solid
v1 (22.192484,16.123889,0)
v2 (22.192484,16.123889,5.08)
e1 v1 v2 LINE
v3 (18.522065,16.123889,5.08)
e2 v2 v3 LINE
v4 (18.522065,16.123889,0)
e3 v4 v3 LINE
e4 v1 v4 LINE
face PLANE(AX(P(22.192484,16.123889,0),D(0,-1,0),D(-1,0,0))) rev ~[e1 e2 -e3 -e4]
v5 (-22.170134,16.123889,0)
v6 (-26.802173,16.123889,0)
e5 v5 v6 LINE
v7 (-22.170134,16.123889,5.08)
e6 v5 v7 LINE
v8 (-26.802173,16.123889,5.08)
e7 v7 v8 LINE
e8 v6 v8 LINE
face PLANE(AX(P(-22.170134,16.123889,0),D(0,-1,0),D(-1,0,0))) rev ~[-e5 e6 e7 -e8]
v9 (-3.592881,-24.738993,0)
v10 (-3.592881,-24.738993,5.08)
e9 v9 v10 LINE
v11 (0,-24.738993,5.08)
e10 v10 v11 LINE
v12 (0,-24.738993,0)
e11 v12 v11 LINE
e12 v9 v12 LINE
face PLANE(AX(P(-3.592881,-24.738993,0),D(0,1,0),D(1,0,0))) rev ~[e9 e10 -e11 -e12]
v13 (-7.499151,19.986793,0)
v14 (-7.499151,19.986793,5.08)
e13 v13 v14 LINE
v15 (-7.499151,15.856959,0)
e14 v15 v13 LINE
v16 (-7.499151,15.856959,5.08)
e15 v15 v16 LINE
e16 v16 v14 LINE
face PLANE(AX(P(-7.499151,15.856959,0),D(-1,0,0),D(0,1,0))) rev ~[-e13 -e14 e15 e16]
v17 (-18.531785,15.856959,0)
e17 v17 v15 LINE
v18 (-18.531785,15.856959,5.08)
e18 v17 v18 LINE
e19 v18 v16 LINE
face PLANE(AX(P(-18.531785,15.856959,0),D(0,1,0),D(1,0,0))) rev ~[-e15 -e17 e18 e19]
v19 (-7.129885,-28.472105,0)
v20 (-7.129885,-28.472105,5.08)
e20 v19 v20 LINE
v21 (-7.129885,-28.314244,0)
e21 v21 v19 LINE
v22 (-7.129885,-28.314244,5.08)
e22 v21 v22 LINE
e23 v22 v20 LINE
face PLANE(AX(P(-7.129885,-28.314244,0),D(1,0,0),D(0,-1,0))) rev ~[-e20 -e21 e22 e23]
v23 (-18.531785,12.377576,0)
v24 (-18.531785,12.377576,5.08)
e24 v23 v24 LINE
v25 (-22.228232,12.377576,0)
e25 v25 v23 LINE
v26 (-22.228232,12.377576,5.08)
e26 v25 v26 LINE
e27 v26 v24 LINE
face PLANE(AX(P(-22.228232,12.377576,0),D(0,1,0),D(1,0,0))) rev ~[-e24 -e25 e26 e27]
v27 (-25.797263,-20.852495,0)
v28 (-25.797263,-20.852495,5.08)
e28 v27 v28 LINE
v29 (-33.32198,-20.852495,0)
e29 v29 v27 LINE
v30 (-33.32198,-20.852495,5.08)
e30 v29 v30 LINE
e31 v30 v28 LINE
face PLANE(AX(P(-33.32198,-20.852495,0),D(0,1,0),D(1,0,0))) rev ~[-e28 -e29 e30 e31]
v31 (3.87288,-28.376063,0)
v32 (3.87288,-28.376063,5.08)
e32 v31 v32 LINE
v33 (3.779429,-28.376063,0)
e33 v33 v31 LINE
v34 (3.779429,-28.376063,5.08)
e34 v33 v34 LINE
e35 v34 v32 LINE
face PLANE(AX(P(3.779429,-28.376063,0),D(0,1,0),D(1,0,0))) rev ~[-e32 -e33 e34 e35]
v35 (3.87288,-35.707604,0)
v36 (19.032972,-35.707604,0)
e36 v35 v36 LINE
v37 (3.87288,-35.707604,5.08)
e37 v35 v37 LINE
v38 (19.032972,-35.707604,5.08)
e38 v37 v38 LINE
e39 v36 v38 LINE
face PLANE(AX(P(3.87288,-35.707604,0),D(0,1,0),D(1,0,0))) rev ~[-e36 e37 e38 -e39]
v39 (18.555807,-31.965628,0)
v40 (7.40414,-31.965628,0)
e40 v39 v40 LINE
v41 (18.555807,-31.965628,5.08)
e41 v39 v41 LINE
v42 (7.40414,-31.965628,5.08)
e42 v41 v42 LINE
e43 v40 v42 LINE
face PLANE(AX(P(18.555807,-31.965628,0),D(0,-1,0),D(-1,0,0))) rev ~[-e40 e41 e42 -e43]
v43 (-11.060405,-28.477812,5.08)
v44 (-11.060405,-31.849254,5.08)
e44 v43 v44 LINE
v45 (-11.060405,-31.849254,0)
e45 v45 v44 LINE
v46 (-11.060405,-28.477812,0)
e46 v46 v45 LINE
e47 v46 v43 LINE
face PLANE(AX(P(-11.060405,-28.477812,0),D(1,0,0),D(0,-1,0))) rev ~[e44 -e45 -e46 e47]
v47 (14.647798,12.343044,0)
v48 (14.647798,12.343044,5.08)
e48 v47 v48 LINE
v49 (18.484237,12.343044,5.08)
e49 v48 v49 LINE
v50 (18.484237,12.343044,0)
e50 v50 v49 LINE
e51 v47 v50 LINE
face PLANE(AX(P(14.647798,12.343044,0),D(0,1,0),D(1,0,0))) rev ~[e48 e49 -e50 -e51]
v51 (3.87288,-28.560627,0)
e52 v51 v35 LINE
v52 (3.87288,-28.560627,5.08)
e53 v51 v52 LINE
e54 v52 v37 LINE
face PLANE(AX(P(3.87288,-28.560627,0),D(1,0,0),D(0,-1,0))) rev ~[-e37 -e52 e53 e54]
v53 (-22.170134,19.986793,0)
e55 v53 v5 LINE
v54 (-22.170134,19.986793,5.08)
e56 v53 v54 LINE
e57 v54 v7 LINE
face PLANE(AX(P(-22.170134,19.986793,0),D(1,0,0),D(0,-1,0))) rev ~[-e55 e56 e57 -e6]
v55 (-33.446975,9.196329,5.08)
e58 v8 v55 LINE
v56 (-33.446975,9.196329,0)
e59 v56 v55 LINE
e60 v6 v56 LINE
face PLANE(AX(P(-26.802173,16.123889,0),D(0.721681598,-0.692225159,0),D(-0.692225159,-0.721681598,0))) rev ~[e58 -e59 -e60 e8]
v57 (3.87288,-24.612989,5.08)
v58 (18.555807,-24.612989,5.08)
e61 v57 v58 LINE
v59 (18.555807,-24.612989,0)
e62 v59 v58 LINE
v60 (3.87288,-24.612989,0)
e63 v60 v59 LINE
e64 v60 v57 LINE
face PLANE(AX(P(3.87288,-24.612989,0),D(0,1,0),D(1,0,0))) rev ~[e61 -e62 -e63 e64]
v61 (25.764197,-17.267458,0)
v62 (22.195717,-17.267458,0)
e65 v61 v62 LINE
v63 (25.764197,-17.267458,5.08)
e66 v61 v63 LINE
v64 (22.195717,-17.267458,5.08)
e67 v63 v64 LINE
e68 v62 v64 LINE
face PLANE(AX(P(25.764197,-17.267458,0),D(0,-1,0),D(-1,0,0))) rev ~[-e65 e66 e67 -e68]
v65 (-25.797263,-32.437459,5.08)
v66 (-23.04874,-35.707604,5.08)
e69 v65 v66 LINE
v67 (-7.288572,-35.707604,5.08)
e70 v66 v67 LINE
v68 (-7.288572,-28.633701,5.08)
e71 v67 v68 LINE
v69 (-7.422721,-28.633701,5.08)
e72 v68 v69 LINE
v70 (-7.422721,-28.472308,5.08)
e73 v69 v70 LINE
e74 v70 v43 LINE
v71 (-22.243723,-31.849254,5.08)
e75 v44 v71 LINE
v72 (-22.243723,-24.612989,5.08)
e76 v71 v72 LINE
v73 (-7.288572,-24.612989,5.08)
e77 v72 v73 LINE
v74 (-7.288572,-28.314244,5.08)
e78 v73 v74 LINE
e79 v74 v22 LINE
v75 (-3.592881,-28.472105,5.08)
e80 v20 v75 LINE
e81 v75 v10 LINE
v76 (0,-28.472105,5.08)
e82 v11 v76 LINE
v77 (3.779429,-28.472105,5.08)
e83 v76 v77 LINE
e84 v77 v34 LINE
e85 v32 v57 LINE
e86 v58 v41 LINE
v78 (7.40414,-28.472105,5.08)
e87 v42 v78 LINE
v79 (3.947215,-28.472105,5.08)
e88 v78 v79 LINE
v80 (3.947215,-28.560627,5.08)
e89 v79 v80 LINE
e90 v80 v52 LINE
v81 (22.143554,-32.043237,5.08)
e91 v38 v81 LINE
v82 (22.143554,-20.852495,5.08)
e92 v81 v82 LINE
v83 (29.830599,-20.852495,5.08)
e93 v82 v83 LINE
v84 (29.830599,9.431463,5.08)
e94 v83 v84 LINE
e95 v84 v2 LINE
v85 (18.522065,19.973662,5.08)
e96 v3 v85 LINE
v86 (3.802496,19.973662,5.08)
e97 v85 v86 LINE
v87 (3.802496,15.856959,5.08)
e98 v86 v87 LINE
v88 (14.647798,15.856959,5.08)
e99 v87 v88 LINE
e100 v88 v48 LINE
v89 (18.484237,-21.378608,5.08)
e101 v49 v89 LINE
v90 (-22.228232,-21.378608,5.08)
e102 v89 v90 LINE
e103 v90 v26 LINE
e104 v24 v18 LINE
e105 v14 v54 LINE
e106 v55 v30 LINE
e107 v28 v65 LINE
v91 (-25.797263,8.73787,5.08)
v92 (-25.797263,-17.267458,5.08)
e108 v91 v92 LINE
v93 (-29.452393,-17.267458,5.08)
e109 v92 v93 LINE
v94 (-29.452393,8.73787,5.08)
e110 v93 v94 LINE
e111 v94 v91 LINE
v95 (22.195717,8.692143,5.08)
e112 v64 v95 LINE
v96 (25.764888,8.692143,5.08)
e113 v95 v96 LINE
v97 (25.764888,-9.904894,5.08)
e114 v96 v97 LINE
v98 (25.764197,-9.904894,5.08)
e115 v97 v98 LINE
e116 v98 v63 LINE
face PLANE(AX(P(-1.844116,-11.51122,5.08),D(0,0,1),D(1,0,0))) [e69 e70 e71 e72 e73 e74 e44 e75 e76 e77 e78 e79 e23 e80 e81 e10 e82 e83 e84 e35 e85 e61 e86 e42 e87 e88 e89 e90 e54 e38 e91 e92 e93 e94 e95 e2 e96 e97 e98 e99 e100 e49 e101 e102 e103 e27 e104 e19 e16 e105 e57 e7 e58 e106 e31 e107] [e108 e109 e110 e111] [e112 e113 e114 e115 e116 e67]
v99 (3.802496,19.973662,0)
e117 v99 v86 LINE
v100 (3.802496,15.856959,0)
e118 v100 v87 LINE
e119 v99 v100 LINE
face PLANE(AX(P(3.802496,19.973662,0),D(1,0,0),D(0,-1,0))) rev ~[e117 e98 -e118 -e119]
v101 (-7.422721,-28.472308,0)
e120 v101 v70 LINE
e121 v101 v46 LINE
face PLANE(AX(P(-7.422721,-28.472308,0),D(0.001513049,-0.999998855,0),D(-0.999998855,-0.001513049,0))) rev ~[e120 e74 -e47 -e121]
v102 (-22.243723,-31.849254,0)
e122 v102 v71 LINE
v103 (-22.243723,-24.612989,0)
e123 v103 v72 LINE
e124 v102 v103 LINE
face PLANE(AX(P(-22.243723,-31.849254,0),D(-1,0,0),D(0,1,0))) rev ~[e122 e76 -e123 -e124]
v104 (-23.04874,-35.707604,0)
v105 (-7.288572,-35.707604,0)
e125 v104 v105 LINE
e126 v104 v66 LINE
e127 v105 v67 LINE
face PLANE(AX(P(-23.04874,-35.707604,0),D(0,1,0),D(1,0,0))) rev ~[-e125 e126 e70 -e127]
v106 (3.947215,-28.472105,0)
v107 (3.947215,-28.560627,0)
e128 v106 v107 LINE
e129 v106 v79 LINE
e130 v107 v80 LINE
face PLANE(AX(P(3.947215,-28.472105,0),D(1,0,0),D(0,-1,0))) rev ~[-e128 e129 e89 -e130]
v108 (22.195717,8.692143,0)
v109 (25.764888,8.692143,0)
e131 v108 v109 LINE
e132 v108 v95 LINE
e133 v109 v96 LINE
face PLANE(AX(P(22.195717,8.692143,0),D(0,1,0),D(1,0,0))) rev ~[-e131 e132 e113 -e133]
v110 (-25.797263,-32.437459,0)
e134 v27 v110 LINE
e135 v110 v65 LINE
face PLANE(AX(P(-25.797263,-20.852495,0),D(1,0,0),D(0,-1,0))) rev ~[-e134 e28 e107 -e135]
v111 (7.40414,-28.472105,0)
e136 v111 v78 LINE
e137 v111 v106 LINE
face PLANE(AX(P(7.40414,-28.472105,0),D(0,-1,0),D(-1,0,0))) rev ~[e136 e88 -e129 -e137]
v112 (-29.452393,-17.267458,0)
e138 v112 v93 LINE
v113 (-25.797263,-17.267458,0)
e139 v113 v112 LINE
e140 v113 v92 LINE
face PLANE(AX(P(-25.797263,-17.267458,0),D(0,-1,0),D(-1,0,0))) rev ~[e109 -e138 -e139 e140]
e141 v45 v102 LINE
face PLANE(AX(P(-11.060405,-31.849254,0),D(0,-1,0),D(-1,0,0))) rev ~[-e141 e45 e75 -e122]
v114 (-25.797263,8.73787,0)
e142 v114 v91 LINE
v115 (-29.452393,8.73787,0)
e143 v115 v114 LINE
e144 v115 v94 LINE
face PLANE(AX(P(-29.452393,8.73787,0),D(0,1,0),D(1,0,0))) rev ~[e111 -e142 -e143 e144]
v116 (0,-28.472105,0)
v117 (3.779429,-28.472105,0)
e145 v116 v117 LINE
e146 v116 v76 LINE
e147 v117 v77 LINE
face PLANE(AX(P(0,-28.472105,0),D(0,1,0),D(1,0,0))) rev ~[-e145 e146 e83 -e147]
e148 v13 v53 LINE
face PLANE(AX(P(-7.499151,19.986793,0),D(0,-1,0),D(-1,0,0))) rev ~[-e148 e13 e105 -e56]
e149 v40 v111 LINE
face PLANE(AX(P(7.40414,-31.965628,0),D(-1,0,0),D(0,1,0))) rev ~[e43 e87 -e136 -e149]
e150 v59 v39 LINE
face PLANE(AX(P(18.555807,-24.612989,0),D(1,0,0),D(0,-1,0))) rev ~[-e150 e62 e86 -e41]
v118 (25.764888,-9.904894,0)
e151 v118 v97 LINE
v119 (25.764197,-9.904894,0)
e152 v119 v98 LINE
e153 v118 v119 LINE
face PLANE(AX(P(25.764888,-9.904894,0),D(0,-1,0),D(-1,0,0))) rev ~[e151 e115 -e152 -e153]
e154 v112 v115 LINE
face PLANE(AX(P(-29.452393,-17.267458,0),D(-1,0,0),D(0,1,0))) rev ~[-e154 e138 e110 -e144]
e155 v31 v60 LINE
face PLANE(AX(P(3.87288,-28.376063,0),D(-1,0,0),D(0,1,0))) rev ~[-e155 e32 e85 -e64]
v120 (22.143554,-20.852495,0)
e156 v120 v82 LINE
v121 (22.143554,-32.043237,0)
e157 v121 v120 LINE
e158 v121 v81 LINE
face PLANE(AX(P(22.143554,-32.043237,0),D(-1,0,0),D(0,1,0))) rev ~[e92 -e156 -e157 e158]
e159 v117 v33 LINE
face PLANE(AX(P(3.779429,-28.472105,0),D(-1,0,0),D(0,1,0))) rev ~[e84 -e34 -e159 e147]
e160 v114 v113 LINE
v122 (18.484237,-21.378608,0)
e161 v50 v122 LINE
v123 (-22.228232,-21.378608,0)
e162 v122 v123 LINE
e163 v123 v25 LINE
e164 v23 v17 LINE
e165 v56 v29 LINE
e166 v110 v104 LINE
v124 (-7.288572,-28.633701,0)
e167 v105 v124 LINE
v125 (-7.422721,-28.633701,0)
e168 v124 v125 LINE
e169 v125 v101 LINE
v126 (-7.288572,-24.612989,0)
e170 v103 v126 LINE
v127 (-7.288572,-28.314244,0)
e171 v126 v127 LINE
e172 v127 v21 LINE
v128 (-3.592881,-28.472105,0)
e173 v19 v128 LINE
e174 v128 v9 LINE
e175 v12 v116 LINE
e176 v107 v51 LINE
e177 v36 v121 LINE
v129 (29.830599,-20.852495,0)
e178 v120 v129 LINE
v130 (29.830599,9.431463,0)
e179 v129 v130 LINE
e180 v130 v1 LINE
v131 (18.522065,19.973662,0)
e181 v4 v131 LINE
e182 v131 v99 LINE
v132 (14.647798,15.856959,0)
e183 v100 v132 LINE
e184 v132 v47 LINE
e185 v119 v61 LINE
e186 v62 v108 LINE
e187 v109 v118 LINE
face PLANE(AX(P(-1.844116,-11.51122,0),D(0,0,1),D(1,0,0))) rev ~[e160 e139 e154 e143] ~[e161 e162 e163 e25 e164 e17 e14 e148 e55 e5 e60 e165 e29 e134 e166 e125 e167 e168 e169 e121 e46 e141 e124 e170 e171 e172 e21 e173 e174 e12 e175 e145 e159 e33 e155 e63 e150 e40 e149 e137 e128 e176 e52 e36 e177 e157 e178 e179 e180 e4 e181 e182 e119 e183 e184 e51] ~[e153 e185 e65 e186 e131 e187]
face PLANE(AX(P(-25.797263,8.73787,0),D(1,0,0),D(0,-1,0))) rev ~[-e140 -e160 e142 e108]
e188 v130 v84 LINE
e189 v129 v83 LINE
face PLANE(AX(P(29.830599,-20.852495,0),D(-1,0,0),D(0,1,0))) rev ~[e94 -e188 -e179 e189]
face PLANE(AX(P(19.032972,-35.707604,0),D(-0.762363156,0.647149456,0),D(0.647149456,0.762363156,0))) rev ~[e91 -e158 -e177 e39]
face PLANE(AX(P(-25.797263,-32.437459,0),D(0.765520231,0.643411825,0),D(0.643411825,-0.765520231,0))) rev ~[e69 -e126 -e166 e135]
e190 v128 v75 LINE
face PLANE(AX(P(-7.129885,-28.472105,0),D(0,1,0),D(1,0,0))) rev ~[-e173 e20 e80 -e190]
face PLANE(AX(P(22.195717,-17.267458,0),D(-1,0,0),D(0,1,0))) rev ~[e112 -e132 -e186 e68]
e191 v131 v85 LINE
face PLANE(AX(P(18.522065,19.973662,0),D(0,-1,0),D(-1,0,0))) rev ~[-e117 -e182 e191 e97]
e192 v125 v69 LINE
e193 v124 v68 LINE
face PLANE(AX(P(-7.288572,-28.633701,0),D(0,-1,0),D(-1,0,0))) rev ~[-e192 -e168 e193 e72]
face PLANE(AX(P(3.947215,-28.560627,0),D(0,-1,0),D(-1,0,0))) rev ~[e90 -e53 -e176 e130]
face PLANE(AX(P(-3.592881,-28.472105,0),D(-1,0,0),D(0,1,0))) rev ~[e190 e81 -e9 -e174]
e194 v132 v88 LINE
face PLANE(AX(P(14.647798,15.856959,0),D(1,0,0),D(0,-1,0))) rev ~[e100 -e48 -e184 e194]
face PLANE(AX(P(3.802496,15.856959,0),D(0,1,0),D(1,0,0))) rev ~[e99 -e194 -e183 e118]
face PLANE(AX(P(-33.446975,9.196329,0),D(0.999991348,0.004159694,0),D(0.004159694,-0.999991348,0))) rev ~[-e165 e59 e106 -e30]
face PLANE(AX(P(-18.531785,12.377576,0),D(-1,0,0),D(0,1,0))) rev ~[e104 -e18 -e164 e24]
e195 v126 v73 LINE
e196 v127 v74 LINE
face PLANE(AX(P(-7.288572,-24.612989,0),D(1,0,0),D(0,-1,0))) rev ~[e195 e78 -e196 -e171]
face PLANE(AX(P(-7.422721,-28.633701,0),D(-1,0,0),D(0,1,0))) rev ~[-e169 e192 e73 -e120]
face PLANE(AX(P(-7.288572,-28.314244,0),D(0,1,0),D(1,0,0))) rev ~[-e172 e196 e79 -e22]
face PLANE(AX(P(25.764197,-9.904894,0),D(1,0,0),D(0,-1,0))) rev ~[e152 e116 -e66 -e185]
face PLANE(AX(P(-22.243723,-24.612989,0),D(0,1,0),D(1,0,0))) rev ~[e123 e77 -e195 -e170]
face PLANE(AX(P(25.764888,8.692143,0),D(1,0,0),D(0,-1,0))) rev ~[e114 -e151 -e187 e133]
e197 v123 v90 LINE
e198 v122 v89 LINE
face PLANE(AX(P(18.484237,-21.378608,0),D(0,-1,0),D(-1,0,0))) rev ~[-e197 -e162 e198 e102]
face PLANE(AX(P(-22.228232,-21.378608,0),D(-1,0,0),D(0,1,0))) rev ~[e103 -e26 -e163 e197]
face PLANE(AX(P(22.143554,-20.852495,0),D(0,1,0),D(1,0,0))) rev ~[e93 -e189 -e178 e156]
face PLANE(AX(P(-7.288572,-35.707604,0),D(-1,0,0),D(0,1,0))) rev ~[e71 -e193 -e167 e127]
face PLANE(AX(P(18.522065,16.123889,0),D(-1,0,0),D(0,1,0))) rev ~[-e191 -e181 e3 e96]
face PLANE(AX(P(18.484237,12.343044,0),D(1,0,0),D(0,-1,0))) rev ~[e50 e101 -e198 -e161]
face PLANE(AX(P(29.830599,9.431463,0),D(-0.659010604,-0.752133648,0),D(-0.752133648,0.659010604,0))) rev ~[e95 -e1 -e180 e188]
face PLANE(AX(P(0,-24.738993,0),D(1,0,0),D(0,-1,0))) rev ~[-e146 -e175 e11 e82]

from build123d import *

# Parameters (mm, degrees)
F1_DEPTH = 5.08


with BuildPart() as f1:
    # F0 (on Top) → F1 (new body)
    with BuildSketch(Plane.XY):
        Polygon((-26.802173, 16.123889), (-33.446975, 9.196329), (-33.32198, -20.852495), (-25.797263, -20.852495), (-25.797263, -32.437459), (-23.04874, -35.707604), (-7.288572, -35.707604), (-7.288572, -28.633701), (-7.422721, -28.633701), (-7.422721, -28.472308), (-11.060405, -28.477812), (-11.060405, -31.849254), (-22.243723, -31.849254), (-22.243723, -24.612989), (-7.288572, -24.612989), (-7.288572, -28.314244), (-7.129885, -28.314244), (-7.129885, -28.472105), (-3.592881, -28.472105), (-3.592881, -24.738993), (0, -24.738993), (0, -28.472105), (3.779429, -28.472105), (3.779429, -28.376063), (3.87288, -28.376063), (3.87288, -24.612989), (18.555807, -24.612989), (18.555807, -31.965628), (7.40414, -31.965628), (7.40414, -28.472105), (3.947215, -28.472105), (3.947215, -28.560627), (3.87288, -28.560627), (3.87288, -35.707604), (19.032972, -35.707604), (22.143554, -32.043237), (22.143554, -20.852495), (29.830599, -20.852495), (29.830599, 9.431463), (22.192484, 16.123889), (18.522065, 16.123889), (18.522065, 19.973662), (3.802496, 19.973662), (3.802496, 15.856959), (14.647798, 15.856959), (14.647798, 12.343044), (18.484237, 12.343044), (18.484237, -21.378608), (-22.228232, -21.378608), (-22.228232, 12.377576), (-18.531785, 12.377576), (-18.531785, 15.856959), (-7.499151, 15.856959), (-7.499151, 19.986793), (-22.170134, 19.986793), (-22.170134, 16.123889), align=None)
        Polygon((-29.452393, -17.267458), (-29.452393, -9.904894), (-29.452393, 8.73787), (-25.797263, 8.73787), (-25.797263, -9.904894), (-25.797263, -17.267458), align=None, mode=Mode.SUBTRACT)
        Polygon((22.195717, -17.267458), (22.195717, -9.904894), (22.195717, 8.692143), (25.764888, 8.692143), (25.764888, -9.904894), (25.764197, -9.904894), (25.764197, -17.267458), align=None, mode=Mode.SUBTRACT)
    extrude(amount=F1_DEPTH)


solid = f1.part
